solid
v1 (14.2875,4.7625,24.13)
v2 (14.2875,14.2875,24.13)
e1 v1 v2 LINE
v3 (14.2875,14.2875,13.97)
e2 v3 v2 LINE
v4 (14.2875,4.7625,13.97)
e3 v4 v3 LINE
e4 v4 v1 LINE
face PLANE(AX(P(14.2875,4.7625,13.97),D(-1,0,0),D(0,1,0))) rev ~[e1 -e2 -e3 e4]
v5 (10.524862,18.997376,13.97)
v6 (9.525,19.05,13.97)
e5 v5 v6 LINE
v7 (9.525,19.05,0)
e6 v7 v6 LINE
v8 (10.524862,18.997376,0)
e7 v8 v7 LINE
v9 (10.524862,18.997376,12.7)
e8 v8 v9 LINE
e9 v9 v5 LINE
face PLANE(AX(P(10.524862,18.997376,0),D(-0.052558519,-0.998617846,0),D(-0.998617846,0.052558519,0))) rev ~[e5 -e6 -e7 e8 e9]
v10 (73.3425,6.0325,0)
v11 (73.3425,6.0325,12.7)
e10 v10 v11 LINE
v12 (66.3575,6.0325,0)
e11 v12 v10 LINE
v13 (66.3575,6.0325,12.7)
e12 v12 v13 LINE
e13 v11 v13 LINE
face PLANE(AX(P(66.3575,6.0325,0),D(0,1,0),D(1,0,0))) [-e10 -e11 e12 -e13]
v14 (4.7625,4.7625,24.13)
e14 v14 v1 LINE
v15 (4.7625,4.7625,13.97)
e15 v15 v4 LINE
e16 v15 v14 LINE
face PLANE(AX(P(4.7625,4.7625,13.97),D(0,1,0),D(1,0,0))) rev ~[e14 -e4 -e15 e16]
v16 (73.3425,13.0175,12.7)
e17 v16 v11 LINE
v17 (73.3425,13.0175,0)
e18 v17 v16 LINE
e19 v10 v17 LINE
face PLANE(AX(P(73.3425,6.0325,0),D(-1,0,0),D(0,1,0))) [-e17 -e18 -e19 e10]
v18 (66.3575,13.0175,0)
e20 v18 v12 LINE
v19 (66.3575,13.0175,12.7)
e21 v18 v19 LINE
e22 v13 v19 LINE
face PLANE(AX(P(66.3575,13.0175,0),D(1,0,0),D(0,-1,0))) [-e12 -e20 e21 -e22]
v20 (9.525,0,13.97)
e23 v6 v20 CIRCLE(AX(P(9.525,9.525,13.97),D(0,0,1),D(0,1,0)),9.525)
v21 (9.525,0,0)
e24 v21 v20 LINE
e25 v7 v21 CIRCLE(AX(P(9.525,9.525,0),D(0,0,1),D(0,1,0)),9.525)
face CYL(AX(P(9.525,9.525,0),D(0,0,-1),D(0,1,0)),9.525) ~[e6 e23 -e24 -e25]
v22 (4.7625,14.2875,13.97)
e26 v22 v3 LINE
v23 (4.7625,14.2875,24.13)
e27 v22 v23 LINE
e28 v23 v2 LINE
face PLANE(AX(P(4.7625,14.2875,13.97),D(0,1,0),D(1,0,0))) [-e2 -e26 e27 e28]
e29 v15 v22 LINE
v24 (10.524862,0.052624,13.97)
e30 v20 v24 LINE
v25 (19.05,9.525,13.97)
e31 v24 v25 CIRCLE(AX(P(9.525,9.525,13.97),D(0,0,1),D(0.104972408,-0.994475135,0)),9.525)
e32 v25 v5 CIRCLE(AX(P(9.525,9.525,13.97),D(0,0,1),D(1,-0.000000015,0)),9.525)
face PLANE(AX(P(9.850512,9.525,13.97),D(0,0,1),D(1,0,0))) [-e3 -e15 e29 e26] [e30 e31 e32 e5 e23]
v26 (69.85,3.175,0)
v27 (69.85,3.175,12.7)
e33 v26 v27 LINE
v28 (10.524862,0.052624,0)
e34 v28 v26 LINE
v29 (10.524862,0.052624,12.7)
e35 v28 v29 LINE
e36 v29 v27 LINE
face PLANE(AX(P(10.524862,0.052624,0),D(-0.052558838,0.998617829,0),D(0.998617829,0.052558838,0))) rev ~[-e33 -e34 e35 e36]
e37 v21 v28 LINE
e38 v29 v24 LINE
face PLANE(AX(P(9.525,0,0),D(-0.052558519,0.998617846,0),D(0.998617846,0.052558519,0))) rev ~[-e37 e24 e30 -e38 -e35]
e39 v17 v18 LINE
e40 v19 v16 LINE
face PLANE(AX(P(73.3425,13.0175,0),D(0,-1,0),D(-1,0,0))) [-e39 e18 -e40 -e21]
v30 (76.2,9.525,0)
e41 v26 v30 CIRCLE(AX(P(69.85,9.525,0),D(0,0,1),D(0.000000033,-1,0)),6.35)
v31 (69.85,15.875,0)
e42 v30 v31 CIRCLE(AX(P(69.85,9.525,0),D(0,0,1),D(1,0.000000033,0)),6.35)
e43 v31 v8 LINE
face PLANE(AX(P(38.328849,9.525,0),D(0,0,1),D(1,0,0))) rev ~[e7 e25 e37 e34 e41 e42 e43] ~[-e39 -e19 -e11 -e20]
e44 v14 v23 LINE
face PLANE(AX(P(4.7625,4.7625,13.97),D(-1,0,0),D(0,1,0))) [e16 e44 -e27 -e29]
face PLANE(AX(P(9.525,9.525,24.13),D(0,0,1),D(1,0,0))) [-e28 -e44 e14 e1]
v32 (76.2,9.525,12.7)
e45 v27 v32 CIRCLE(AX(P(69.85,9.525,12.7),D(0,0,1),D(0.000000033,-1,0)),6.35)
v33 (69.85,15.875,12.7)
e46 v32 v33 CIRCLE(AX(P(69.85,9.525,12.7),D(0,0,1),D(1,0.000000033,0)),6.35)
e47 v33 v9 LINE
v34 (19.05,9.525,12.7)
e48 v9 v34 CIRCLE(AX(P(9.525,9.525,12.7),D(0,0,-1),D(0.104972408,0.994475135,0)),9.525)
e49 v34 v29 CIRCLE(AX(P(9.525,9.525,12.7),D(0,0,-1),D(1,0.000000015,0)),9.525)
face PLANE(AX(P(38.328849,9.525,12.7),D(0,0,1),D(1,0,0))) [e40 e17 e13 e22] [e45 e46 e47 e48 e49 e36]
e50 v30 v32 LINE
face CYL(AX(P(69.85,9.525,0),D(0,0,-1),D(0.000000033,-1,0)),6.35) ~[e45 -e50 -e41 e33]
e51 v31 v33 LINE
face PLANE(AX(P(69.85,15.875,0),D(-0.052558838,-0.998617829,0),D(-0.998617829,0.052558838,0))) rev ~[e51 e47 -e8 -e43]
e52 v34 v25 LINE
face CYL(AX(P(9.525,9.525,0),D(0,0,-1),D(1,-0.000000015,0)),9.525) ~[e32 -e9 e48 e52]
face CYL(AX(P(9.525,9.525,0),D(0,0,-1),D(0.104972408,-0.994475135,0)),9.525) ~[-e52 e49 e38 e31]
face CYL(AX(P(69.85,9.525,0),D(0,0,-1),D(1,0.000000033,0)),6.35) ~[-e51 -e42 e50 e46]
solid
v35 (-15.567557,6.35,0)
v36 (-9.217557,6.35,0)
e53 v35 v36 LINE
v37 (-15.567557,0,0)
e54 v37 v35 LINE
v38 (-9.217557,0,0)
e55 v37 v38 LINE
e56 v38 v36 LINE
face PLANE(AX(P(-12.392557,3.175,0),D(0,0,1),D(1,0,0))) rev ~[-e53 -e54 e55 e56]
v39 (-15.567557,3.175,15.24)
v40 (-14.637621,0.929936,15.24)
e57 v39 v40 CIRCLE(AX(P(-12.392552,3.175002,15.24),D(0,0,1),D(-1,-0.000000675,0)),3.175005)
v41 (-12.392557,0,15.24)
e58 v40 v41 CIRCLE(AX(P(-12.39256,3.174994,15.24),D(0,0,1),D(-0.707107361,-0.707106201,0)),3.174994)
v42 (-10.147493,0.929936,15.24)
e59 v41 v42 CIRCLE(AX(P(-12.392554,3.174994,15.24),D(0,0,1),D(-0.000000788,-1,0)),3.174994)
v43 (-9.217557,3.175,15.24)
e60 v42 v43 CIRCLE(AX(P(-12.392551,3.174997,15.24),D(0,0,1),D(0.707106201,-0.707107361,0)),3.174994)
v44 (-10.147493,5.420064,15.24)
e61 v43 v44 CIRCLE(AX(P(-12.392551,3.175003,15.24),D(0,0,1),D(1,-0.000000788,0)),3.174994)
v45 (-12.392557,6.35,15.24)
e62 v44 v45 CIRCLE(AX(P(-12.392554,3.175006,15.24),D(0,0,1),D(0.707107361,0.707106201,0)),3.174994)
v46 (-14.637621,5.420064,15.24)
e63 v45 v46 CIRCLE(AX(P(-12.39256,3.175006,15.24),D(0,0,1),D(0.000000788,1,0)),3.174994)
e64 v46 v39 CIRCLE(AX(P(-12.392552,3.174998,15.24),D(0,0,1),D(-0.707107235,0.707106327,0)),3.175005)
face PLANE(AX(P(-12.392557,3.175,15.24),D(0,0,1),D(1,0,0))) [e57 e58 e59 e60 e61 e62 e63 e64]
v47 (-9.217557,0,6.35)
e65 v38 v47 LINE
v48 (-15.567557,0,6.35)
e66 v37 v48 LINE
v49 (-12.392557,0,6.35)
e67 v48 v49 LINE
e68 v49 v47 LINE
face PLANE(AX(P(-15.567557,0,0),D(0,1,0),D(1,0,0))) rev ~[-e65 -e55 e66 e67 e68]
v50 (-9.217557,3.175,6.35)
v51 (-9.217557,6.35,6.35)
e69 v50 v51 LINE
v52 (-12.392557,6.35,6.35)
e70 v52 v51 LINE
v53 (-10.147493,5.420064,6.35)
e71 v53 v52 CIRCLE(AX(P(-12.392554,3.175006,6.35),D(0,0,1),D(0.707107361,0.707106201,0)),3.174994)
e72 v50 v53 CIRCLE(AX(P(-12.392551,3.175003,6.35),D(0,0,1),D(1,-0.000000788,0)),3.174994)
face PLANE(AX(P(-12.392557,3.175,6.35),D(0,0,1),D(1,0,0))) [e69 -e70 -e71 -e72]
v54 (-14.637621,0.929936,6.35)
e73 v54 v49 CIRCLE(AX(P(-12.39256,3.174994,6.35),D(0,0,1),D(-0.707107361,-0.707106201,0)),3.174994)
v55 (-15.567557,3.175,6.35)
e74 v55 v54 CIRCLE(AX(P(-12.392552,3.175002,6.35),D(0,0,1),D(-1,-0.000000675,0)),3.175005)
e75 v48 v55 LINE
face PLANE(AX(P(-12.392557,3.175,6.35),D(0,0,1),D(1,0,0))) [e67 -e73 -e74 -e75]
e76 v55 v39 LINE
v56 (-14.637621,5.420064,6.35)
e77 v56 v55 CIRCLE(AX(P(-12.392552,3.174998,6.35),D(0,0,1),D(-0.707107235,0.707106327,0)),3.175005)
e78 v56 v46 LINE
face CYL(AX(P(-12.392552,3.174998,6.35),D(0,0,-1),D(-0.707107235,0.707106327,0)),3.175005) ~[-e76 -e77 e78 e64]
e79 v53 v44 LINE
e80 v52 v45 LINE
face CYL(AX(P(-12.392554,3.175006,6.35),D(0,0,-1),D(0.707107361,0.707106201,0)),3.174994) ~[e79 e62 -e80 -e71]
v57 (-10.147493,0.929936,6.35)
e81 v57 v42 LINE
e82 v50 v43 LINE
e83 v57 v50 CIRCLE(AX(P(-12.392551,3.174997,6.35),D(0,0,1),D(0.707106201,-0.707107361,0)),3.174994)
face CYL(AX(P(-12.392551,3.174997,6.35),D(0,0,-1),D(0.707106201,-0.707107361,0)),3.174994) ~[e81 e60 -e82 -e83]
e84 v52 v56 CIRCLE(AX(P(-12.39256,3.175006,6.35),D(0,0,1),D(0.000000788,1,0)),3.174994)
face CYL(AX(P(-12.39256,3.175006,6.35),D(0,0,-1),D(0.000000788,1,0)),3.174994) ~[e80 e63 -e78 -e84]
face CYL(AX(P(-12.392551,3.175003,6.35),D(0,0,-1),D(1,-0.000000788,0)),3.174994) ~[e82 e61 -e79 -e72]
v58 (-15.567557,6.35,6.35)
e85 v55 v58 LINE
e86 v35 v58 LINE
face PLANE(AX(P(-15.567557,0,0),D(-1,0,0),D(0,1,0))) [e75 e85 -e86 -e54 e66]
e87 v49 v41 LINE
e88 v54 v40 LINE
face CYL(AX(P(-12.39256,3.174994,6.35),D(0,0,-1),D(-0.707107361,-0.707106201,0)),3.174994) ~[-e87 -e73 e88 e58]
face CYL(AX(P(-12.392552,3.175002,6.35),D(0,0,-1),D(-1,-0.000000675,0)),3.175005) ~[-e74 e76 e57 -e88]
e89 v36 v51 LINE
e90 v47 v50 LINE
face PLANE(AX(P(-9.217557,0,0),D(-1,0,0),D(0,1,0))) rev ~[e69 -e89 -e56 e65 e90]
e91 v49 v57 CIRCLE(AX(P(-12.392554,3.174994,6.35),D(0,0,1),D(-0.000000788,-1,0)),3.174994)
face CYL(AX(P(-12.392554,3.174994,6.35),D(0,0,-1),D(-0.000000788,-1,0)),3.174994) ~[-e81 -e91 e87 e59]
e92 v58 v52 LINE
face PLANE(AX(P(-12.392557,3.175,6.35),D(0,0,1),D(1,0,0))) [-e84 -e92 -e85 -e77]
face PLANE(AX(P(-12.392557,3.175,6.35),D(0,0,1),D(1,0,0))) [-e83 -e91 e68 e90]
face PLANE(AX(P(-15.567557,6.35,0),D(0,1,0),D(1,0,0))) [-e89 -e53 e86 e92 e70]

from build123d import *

# Parameters (mm, degrees)
F1_DEPTH  = 13.97
F2_DEPTH  = 12.7
F3_W      = 9.525
F3_H      = 9.525
F4_DEPTH  = 10.16
F6_DEPTH  = 24.131
F7_W      = 6.35
F7_H      = 6.35
F8_DEPTH  = 6.35
F11_DEPTH = 8.89


with BuildPart() as f1:
    # F0 (on Top) → F1 (new body)
    with BuildSketch(Plane.XY):
        with BuildLine():
            Line((10.524862, 18.997376), (9.525, 19.05))
            ThreePointArc((9.525, 19.05), (0, 9.525), (9.525, 0))
            Line((9.525, 0), (10.524862, 0.052624))
            ThreePointArc((10.524862, 0.052624), (16.604877, 3.153111), (19.05, 9.525))
            ThreePointArc((19.05, 9.525), (16.604877, 15.896889), (10.524862, 18.997376))
        make_face()
    extrude(amount=F1_DEPTH)

    # F0 (on Top) → F2 (join)
    with BuildSketch(Plane.XY):
        with BuildLine():
            Line((69.85, 15.875), (10.524862, 18.997376))
            ThreePointArc((10.524862, 18.997376), (16.604877, 15.896889), (19.05, 9.525))
            ThreePointArc((19.05, 9.525), (16.604877, 3.153111), (10.524862, 0.052624))
            Line((10.524862, 0.052624), (69.85, 3.175))
            Line((69.85, 3.175), (69.85, 9.525))
            Line((69.85, 9.525), (69.85, 15.875))
        make_face()
        with BuildLine():
            ThreePointArc((76.2, 9.525), (74.340128, 14.015128), (69.85, 15.875))
            Line((69.85, 15.875), (69.85, 9.525))
            Line((69.85, 9.525), (76.2, 9.525))
        make_face()
        with BuildLine():
            Line((69.85, 9.525), (69.85, 3.175))
            ThreePointArc((69.85, 3.175), (74.340128, 5.034872), (76.2, 9.525))
            Line((76.2, 9.525), (69.85, 9.525))
        make_face()
    extrude(amount=F2_DEPTH)

    # F3 (on face) → F4 (join)
    with BuildSketch(Plane.XY.offset(13.97)):
        with Locations((9.525, 9.525)):
            Rectangle(F3_W, F3_H)
    extrude(amount=F4_DEPTH)

    # F5 (on Top) → F6 (cut, through all)
    with BuildSketch(Plane.XY):
        Polygon((66.3575, 6.0325), (73.3425, 6.0325), (73.3425, 13.0175), (66.3575, 13.0175), (66.3575, 9.525), align=None)
    extrude(amount=F6_DEPTH, mode=Mode.SUBTRACT)


with BuildPart() as f8:
    # F7 (on Top) → F8 (new body)
    with BuildSketch(Plane.XY):
        with Locations((-12.392557, 3.175)):
            Rectangle(F7_W, F7_H)
    extrude(amount=F8_DEPTH)

    # F10 (on face) → F11 (join)
    with BuildSketch(Plane.XY.offset(6.35)):
        with BuildLine():
            ThreePointArc((-10.147493, 5.420064), (-11.177537, 6.108318), (-12.392557, 6.35))
            ThreePointArc((-12.392557, 6.35), (-13.607577, 6.108318), (-14.637621, 5.420064))
            ThreePointArc((-14.637621, 5.420064), (-15.325874, 4.39002), (-15.567557, 3.175))
            ThreePointArc((-15.567557, 3.175), (-15.325874, 1.95998), (-14.637621, 0.929936))
            ThreePointArc((-14.637621, 0.929936), (-13.607577, 0.241682), (-12.392557, 0))
            ThreePointArc((-12.392557, 0), (-11.177537, 0.241682), (-10.147493, 0.929936))
            ThreePointArc((-10.147493, 0.929936), (-9.459239, 1.95998), (-9.217557, 3.175))
            ThreePointArc((-9.217557, 3.175), (-9.459239, 4.39002), (-10.147493, 5.420064))
        make_face()
    extrude(amount=F11_DEPTH)


solid = Compound([f1.part, f8.part])
